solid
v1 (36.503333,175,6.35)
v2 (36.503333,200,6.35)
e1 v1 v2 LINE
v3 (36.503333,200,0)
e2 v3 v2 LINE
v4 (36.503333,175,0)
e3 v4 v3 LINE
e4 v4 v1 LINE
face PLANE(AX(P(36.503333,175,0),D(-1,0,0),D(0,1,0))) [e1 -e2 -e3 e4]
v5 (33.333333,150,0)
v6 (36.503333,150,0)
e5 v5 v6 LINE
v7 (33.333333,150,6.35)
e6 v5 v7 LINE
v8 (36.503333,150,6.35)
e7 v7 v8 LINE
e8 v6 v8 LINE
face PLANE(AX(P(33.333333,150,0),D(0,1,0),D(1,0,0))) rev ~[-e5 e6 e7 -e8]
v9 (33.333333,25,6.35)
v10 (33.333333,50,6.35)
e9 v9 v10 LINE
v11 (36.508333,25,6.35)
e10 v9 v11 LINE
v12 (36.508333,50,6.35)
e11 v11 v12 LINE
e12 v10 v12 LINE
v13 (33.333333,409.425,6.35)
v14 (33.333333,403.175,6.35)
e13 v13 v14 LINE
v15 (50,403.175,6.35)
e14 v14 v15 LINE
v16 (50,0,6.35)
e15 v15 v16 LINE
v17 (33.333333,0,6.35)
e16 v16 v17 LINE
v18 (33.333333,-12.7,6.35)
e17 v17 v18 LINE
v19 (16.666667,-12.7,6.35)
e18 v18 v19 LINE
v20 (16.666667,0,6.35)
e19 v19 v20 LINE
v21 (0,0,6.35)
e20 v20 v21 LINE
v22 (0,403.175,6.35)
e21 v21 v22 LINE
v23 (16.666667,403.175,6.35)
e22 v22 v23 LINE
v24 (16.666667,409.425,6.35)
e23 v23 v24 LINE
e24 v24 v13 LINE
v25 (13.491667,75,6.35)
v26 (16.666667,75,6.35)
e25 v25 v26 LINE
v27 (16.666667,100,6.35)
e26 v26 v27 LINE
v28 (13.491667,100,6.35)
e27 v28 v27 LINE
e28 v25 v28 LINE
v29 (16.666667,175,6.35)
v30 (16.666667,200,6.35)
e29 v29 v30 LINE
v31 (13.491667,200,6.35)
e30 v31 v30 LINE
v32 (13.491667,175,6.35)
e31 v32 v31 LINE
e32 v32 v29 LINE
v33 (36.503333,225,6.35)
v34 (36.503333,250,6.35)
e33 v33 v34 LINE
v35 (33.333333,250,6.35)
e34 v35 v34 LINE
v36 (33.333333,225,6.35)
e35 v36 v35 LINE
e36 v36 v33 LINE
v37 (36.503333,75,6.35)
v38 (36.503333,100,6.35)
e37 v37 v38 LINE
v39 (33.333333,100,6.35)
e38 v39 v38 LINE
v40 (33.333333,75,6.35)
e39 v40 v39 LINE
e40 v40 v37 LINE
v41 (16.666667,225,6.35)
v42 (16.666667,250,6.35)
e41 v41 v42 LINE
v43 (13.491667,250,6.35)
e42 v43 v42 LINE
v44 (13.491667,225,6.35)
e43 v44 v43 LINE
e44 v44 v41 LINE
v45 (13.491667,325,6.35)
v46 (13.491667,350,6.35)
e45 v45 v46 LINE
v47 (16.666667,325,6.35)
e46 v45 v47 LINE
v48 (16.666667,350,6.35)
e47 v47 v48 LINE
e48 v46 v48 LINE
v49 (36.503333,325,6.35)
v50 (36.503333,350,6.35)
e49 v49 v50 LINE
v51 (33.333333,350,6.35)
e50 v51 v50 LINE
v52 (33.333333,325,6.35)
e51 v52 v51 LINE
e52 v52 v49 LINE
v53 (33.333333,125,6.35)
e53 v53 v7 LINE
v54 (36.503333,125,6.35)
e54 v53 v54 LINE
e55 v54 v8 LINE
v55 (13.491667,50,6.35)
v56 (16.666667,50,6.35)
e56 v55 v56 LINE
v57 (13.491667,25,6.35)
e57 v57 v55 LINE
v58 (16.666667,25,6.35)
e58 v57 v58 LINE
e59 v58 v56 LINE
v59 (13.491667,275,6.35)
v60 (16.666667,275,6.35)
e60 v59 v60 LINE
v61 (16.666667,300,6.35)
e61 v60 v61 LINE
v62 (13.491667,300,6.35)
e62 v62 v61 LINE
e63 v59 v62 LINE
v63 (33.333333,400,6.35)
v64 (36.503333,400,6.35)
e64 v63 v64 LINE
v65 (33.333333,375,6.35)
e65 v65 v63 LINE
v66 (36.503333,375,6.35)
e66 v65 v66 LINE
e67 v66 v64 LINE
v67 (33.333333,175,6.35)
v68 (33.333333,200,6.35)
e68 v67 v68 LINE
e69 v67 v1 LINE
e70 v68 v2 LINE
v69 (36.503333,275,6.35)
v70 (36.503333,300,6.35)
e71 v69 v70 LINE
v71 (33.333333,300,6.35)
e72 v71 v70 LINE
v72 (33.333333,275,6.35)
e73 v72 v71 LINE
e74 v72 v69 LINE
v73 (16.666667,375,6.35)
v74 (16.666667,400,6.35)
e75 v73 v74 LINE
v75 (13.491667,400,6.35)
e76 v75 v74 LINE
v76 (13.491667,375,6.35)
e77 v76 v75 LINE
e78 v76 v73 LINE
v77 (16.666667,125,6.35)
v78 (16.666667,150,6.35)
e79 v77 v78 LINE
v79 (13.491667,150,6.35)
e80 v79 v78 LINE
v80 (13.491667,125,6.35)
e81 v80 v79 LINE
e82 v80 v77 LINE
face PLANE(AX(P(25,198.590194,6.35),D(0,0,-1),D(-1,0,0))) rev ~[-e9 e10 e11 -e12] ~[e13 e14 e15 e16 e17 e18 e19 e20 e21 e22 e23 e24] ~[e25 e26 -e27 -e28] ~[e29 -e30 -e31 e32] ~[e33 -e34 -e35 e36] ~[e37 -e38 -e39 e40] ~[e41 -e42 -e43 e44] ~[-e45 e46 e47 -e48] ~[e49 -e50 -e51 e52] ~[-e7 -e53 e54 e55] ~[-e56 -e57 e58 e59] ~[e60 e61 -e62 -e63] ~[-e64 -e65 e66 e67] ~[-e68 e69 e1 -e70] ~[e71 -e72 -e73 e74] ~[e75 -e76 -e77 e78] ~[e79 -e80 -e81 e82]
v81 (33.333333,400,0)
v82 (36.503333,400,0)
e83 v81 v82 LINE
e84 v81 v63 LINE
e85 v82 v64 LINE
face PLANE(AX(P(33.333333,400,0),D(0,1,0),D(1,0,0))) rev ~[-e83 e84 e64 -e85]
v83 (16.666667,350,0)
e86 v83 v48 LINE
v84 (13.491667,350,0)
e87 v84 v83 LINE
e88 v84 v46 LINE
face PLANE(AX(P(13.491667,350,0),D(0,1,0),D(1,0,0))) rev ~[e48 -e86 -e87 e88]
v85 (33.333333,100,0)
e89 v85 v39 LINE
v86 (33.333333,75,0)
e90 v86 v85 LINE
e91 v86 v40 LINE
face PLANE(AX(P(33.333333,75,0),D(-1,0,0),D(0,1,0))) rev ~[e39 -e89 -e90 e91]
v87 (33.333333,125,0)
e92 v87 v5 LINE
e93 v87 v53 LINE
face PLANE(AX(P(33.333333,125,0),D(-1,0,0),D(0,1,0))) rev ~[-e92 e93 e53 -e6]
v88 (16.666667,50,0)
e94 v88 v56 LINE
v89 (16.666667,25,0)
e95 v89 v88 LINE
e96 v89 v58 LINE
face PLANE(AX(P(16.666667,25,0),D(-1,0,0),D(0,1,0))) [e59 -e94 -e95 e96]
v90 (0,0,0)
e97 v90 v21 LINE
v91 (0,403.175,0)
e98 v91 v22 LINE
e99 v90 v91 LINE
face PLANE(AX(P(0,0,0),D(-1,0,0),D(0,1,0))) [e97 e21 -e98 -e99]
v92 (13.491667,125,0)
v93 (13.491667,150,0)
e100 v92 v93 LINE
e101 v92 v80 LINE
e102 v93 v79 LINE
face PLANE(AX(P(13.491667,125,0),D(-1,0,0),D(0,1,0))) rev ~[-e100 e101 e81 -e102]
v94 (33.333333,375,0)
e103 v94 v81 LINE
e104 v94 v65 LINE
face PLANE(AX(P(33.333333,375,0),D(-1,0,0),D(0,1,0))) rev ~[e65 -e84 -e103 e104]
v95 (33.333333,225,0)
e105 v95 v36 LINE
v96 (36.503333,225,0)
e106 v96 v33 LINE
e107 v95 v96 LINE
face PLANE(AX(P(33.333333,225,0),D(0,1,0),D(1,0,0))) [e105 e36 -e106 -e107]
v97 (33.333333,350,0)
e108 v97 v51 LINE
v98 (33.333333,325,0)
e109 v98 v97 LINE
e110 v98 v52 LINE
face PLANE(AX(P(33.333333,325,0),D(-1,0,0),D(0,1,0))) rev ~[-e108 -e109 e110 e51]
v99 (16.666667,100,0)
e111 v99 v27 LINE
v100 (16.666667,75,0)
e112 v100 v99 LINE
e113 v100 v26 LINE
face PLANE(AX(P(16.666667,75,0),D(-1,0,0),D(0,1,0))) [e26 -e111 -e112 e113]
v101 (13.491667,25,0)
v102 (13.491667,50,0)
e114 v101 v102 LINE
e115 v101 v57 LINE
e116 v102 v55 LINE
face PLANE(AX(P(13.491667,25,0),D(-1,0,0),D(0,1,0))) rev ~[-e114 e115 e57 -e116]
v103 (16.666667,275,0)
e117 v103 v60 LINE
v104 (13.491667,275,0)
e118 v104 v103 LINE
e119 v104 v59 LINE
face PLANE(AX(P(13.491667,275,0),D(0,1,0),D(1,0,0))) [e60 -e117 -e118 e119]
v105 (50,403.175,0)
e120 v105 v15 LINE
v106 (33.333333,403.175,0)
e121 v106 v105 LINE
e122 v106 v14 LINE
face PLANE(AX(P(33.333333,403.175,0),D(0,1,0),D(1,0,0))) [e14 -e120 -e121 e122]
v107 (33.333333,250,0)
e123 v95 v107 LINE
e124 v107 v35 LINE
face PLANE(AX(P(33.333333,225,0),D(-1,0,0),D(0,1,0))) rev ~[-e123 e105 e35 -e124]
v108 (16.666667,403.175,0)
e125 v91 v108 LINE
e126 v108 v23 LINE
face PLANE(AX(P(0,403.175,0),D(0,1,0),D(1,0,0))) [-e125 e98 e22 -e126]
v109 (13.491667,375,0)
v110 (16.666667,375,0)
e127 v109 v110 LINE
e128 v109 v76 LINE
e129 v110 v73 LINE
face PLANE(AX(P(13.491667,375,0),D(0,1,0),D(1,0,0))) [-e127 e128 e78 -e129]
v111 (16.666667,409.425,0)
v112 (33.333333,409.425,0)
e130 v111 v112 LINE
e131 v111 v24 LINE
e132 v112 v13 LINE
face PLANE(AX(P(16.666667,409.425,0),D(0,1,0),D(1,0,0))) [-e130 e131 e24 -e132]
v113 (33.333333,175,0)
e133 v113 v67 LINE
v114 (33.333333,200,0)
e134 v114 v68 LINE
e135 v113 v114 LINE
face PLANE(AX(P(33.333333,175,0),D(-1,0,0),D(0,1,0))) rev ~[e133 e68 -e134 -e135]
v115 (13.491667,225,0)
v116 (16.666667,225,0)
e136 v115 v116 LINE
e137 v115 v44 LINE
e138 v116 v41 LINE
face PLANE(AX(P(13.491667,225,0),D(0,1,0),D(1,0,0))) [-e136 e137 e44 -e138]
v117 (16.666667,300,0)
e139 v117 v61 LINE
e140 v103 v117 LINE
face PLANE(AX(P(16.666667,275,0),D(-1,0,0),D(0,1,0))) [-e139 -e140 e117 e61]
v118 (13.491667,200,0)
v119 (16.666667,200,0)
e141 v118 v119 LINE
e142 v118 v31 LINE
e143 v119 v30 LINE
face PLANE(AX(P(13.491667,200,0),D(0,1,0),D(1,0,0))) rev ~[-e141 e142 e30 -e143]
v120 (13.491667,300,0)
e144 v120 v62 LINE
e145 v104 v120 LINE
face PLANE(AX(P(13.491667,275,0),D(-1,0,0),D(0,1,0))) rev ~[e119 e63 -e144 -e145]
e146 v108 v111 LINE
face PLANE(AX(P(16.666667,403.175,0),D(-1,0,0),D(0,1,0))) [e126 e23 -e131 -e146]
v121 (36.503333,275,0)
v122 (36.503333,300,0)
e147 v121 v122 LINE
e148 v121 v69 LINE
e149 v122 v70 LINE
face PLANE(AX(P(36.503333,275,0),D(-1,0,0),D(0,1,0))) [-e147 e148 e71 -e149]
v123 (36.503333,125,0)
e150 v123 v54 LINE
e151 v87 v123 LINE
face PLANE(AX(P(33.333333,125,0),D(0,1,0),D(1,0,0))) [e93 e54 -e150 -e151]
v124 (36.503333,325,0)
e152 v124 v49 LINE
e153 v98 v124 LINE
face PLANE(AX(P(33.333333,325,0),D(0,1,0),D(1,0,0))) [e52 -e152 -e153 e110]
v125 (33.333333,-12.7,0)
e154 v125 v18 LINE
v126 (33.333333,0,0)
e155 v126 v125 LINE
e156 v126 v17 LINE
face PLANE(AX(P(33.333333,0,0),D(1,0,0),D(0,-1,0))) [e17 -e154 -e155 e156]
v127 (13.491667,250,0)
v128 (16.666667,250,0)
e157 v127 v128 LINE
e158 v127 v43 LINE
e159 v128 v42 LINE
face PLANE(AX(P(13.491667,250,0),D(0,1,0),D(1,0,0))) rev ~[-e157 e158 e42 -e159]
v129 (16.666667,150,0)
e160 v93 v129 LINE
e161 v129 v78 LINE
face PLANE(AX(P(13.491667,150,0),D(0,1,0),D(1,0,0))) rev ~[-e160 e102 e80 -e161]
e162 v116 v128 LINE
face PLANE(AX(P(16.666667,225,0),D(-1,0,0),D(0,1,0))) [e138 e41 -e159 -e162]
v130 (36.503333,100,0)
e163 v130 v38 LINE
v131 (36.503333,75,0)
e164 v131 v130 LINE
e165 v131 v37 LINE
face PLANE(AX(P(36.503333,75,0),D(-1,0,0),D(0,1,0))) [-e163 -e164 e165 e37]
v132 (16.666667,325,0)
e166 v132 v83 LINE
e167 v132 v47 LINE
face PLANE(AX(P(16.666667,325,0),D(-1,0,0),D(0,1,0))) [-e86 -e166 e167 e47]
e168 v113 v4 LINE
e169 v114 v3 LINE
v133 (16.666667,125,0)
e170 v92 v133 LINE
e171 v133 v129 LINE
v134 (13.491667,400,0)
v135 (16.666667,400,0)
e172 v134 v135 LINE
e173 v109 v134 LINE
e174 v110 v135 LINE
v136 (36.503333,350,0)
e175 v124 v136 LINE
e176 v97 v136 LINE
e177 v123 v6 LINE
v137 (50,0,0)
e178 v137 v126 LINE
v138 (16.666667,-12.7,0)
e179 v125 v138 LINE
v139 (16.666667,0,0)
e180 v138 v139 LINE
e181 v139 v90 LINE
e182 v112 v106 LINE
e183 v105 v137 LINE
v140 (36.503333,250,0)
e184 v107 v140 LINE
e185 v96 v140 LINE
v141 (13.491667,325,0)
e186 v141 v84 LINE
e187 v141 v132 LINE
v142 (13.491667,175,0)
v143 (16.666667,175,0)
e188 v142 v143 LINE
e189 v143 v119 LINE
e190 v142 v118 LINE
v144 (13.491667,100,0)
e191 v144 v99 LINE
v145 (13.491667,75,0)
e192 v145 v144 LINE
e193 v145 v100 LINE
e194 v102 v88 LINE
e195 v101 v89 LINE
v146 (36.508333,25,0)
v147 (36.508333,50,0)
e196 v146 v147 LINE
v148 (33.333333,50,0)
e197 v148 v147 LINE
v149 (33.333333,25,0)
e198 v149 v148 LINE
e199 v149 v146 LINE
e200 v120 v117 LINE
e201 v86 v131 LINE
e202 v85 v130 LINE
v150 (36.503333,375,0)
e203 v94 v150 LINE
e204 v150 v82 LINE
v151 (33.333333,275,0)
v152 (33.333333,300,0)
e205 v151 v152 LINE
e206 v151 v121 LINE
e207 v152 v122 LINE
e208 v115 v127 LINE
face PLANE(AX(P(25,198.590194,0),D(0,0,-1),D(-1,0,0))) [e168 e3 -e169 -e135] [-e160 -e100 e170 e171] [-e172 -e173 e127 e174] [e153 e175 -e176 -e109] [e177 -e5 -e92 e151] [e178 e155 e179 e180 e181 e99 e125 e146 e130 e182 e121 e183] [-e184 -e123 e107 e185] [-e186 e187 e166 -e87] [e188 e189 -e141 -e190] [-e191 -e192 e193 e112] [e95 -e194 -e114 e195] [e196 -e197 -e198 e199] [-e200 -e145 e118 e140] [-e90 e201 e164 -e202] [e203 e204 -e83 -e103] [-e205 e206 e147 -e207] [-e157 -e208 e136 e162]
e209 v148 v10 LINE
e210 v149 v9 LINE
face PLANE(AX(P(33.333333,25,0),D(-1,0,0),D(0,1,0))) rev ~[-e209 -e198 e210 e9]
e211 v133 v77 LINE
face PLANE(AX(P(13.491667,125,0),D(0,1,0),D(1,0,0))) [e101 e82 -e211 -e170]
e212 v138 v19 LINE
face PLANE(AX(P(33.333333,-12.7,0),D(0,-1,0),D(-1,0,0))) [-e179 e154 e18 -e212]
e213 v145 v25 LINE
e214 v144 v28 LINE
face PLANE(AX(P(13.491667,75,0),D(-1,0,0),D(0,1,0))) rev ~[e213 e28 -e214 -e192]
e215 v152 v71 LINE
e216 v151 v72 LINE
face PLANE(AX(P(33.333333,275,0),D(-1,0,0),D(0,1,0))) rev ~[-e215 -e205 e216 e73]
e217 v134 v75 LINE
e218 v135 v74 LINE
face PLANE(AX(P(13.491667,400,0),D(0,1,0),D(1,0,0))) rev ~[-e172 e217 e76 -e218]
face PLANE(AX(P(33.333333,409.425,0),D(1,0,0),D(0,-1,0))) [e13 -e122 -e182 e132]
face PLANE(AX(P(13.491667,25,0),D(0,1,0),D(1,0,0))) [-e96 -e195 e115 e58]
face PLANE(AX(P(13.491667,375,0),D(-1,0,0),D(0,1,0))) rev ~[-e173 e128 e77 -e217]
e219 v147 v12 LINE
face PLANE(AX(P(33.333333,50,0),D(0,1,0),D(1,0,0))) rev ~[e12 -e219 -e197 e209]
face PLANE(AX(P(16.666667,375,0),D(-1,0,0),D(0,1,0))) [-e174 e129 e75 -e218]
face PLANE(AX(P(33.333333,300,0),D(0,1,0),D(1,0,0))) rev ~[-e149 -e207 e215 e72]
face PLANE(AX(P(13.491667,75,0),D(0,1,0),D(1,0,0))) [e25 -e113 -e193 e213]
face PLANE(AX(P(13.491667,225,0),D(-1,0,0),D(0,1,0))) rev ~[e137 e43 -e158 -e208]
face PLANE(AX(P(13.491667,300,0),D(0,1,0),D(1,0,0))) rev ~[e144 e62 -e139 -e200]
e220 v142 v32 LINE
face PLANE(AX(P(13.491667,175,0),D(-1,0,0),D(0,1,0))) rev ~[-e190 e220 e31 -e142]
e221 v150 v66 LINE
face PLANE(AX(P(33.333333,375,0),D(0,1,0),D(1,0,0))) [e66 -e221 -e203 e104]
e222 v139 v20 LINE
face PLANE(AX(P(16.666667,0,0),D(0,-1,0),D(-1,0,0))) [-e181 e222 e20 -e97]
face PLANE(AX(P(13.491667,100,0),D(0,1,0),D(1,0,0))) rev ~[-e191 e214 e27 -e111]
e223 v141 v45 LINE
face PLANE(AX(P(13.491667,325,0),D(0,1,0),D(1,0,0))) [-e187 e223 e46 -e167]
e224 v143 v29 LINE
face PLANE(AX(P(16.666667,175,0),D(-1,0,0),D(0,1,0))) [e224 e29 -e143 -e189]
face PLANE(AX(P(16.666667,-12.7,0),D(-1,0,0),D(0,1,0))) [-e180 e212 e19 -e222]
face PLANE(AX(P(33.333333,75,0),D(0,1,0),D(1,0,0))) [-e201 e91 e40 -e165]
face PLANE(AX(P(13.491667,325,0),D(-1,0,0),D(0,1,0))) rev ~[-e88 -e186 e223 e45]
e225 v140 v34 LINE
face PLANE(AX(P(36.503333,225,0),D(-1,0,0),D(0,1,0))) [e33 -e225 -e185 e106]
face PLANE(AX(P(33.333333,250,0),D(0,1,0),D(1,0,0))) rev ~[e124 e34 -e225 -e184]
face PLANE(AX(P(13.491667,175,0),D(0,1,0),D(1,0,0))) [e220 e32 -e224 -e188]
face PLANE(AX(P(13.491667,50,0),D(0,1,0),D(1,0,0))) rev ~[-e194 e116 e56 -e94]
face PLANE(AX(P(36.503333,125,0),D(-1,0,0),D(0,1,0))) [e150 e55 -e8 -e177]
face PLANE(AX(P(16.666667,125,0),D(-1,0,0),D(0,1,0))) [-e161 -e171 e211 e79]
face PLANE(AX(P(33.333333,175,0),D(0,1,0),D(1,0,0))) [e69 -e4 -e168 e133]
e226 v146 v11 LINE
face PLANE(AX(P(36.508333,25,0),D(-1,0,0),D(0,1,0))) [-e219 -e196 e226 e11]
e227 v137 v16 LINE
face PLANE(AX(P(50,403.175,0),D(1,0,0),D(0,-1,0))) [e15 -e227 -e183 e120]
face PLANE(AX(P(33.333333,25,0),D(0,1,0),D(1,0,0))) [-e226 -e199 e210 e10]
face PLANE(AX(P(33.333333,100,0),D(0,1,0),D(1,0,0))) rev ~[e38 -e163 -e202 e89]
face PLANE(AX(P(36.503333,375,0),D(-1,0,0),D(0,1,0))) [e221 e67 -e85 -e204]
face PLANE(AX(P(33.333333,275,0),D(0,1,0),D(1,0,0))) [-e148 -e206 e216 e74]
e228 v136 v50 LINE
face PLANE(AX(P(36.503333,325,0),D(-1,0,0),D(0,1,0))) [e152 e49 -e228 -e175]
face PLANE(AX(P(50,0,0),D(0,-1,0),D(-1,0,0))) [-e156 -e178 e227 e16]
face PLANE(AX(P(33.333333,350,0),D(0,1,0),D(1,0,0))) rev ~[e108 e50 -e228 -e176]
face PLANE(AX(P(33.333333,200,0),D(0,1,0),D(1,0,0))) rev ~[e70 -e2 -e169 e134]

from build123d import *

# Parameters (mm, degrees)
SKETCH1_W           = 3.17
SKETCH1_H           = 25
SKETCH1_W_2         = 3.175
BOSS_EXTRUDE1_DEPTH = 6.35


with BuildPart() as part:
    # Sketch1 → Boss-Extrude1 (new body)
    with BuildSketch(Plane.XY):
        Polygon((0, 0), (0, 403.175), (16.666666667, 403.175), (16.666666667, 409.425), (33.333333333, 409.425), (33.333333333, 403.175), (50, 403.175), (50, 0), (33.333333333, 0), (33.333333333, -12.7), (16.666666667, -12.7), (16.666666667, 0), align=None)
        with Locations((34.918333333, 137.5)):
            Rectangle(SKETCH1_W, SKETCH1_H, mode=Mode.SUBTRACT)
        with Locations((34.920833333, 37.5)):
            Rectangle(SKETCH1_W_2, SKETCH1_H, mode=Mode.SUBTRACT)
        with Locations((15.079166667, 37.5)):
            Rectangle(SKETCH1_W_2, SKETCH1_H, mode=Mode.SUBTRACT)
        with Locations((34.918333333, 87.5)):
            Rectangle(SKETCH1_W, SKETCH1_H, mode=Mode.SUBTRACT)
        with Locations((15.079166667, 87.5)):
            Rectangle(SKETCH1_W_2, SKETCH1_H, mode=Mode.SUBTRACT)
        with Locations((15.079166667, 137.5)):
            Rectangle(SKETCH1_W_2, SKETCH1_H, mode=Mode.SUBTRACT)
        with Locations((34.918333333, 187.5)):
            Rectangle(SKETCH1_W, SKETCH1_H, mode=Mode.SUBTRACT)
        with Locations((15.079166667, 187.5)):
            Rectangle(SKETCH1_W_2, SKETCH1_H, mode=Mode.SUBTRACT)
        with Locations((34.918333333, 237.5)):
            Rectangle(SKETCH1_W, SKETCH1_H, mode=Mode.SUBTRACT)
        with Locations((15.079166667, 237.5)):
            Rectangle(SKETCH1_W_2, SKETCH1_H, mode=Mode.SUBTRACT)
        with Locations((34.918333333, 287.5)):
            Rectangle(SKETCH1_W, SKETCH1_H, mode=Mode.SUBTRACT)
        with Locations((15.079166667, 287.5)):
            Rectangle(SKETCH1_W_2, SKETCH1_H, mode=Mode.SUBTRACT)
        with Locations((34.918333333, 337.5)):
            Rectangle(SKETCH1_W, SKETCH1_H, mode=Mode.SUBTRACT)
        with Locations((15.079166667, 337.5)):
            Rectangle(SKETCH1_W_2, SKETCH1_H, mode=Mode.SUBTRACT)
        with Locations((34.918333333, 387.5)):
            Rectangle(SKETCH1_W, SKETCH1_H, mode=Mode.SUBTRACT)
        with Locations((15.079166667, 387.5)):
            Rectangle(SKETCH1_W_2, SKETCH1_H, mode=Mode.SUBTRACT)
    extrude(amount=BOSS_EXTRUDE1_DEPTH)


solid = part.part
